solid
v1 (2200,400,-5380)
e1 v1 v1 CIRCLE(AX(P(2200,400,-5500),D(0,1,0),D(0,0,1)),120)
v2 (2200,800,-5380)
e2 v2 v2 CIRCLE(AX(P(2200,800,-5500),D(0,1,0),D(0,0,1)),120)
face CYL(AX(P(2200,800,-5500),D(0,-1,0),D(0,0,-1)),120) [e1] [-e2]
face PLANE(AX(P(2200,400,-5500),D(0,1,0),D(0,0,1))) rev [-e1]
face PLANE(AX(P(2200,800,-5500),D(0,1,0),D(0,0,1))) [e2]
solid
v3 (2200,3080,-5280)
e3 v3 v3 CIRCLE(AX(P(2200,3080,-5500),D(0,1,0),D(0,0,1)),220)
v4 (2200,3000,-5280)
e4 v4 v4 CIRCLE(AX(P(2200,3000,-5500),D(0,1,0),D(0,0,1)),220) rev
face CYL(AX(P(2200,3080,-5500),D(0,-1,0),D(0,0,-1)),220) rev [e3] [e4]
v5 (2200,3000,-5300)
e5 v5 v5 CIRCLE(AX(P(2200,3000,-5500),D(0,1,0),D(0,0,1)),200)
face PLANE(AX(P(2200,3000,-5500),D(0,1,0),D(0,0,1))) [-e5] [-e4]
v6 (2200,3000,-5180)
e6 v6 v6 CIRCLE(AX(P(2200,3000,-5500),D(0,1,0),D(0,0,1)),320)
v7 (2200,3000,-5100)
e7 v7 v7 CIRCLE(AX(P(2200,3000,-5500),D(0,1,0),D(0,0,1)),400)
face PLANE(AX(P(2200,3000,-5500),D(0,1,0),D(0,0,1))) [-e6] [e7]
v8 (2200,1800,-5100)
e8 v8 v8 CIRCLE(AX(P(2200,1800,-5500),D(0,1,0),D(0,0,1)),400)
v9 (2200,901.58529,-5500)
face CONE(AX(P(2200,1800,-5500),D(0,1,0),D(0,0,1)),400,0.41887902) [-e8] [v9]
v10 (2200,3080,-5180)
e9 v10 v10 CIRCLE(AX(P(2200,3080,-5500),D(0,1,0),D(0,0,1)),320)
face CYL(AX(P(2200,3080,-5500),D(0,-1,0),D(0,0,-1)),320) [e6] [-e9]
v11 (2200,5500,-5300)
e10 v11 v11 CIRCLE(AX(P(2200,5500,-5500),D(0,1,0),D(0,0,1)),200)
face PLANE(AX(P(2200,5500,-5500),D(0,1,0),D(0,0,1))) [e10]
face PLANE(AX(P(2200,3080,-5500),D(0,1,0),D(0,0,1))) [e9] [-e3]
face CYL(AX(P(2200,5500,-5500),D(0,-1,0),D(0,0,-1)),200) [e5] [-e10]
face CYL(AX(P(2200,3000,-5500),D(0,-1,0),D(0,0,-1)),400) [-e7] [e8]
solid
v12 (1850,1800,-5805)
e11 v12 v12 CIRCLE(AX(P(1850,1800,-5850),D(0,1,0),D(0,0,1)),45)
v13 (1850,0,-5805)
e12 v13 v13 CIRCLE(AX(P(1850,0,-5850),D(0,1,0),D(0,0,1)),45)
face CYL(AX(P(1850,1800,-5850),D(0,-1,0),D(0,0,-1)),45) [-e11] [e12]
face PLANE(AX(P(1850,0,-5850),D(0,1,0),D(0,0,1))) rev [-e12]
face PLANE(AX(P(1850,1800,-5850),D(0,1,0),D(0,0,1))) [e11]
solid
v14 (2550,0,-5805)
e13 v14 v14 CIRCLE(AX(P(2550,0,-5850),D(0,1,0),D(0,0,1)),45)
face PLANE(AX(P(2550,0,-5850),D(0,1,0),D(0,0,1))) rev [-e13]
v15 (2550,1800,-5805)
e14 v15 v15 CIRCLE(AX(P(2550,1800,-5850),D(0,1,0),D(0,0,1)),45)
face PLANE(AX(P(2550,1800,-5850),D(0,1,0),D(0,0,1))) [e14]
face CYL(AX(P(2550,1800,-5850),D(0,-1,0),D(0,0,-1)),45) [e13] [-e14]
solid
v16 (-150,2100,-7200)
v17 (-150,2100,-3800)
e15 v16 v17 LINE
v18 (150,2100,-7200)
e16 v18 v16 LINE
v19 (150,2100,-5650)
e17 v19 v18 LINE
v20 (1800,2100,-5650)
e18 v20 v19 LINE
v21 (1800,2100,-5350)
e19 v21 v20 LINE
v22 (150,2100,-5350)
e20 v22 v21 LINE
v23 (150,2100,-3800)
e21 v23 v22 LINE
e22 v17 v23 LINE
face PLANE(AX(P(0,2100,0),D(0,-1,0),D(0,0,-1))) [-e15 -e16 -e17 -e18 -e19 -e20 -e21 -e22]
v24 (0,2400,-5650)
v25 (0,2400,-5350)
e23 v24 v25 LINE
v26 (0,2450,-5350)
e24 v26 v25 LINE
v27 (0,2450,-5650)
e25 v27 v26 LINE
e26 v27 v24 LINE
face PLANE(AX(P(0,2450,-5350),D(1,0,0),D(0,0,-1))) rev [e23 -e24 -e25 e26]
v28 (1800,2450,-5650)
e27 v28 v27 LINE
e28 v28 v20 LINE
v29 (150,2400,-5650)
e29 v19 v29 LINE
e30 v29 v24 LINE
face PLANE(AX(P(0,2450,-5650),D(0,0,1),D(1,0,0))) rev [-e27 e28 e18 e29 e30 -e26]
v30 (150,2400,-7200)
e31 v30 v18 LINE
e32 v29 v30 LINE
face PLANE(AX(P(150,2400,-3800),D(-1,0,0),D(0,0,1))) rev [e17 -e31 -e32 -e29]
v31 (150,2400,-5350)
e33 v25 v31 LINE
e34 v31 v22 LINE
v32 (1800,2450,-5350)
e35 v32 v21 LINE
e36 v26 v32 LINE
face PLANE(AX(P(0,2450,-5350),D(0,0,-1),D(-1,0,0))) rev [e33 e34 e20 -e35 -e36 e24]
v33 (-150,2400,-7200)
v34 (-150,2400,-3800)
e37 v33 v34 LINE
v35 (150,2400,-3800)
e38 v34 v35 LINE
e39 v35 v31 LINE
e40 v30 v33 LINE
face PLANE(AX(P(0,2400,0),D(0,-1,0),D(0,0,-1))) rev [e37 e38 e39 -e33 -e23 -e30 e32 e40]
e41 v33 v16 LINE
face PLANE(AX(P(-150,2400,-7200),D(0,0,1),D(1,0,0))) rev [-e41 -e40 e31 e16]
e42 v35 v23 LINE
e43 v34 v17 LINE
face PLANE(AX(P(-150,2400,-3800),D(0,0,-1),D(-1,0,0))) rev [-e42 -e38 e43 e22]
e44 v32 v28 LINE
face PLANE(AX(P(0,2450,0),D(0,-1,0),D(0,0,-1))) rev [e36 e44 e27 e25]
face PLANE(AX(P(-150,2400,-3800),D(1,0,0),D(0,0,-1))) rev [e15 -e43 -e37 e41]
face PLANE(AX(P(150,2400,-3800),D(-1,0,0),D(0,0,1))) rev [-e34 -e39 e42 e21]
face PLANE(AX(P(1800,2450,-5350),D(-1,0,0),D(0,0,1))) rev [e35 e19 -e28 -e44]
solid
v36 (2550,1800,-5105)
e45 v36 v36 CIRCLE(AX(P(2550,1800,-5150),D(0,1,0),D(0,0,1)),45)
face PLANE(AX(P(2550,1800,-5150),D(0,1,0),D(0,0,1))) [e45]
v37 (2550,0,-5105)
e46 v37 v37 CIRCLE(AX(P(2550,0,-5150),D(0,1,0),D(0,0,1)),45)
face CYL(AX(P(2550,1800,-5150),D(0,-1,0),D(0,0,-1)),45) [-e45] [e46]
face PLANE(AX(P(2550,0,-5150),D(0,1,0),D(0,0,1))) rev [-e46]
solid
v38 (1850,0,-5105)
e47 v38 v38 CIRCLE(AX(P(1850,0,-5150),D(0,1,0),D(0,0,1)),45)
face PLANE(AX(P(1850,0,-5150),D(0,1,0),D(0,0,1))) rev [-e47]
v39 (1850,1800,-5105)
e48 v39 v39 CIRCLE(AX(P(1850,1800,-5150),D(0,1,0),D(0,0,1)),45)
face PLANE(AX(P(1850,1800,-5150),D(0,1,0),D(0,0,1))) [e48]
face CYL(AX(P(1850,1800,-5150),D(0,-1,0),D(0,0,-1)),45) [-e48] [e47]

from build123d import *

# Parameters (mm, degrees)
SKETCH1_R            = 45
BOSS_EXTRUDE1_DEPTH  = 1800
SKETCH2_R            = 45
BOSS_EXTRUDE2_DEPTH  = 1800
SKETCH3_R            = 45
BOSS_EXTRUDE3_DEPTH  = 1800
SKETCH4_R            = 45
BOSS_EXTRUDE4_DEPTH  = 1800
BOSS_EXTRUDE5_START  = 400
SKETCH5_R            = 120
BOSS_EXTRUDE5_DEPTH  = 400
BOSS_EXTRUDE7_START  = 1800
SKETCH7_R            = 400
BOSS_EXTRUDE7_DEPTH  = 1200
BOSS_EXTRUDE8_START  = 3000
SKETCH8_R            = 200
BOSS_EXTRUDE8_DEPTH  = 2500
BOSS_EXTRUDE9_START  = 3000
SKETCH9_R            = 320
SKETCH9_R_2          = 220
BOSS_EXTRUDE9_DEPTH  = 80
BOSS_EXTRUDE10_START = 2100
SKETCH10_W           = 300
SKETCH10_H           = 3400
BOSS_EXTRUDE10_DEPTH = 300
BOSS_EXTRUDE11_START = 2100
SKETCH11_W           = 1800
SKETCH11_H           = 300
BOSS_EXTRUDE11_DEPTH = 350


with BuildPart() as part:
    # Sketch1 → Boss-Extrude1 (new body)
    with BuildSketch(Plane(origin=(0, 0, 0), x_dir=(1, 0, 0), z_dir=(0, 1, 0))):
        with Locations(Location((1850, 5150, 0), (0, 0, 270))):
            Circle(SKETCH1_R)
    extrude(amount=BOSS_EXTRUDE1_DEPTH)


with BuildPart() as body_2:
    # Sketch2 → Boss-Extrude2 (new body)
    with BuildSketch(Plane(origin=(0, 0, 0), x_dir=(1, 0, 0), z_dir=(0, 1, 0))):
        with Locations(Location((2550, 5150, 0), (0, 0, 270))):
            Circle(SKETCH2_R)
    extrude(amount=BOSS_EXTRUDE2_DEPTH)


with BuildPart() as body_3:
    # Sketch3 → Boss-Extrude3 (new body)
    with BuildSketch(Plane(origin=(0, 0, 0), x_dir=(1, 0, 0), z_dir=(0, 1, 0))):
        with Locations(Location((1850, 5850, 0), (0, 0, 270))):
            Circle(SKETCH3_R)
    extrude(amount=BOSS_EXTRUDE3_DEPTH)


with BuildPart() as body_4:
    # Sketch4 → Boss-Extrude4 (new body)
    with BuildSketch(Plane(origin=(0, 0, 0), x_dir=(1, 0, 0), z_dir=(0, 1, 0))):
        with Locations(Location((2550, 5850, 0), (0, 0, 270))):
            Circle(SKETCH4_R)
    extrude(amount=BOSS_EXTRUDE4_DEPTH)


with BuildPart() as body_5:
    # Sketch5 → Boss-Extrude5 (new body)
    with BuildSketch(Plane(origin=(0, 0, 0), x_dir=(1, 0, 0), z_dir=(0, 1, 0)).offset(BOSS_EXTRUDE5_START)):
        with Locations(Location((2200, 5500, 0), (0, 0, 270))):
            Circle(SKETCH5_R)
    extrude(amount=BOSS_EXTRUDE5_DEPTH)


with BuildPart() as body_6:
    # Boss-Extrude6 cone 1 section (through the dimple's axis) → Boss-Extrude6 (revolve)
    with BuildSketch(Plane(origin=(2200, 1800, -5500), x_dir=(0, 0, 1), z_dir=(1, 0, 0))):
        Polygon((0, 0), (400, 0), (0, 898.414709562), align=None)
    revolve(axis=Axis((2200, 1800, -5500), (0, -1, 0)))

    # Sketch7 → Boss-Extrude7 (add)
    with BuildSketch(Plane(origin=(0, 0, 0), x_dir=(1, 0, 0), z_dir=(0, 1, 0)).offset(BOSS_EXTRUDE7_START)):
        with Locations(Location((2200, 5500, 0), (0, 0, 270))):
            Circle(SKETCH7_R)
    extrude(amount=BOSS_EXTRUDE7_DEPTH)

    # Sketch8 → Boss-Extrude8 (add)
    with BuildSketch(Plane(origin=(0, 0, 0), x_dir=(1, 0, 0), z_dir=(0, 1, 0)).offset(BOSS_EXTRUDE8_START)):
        with Locations(Location((2200, 5500, 0), (0, 0, 270))):
            Circle(SKETCH8_R)
    extrude(amount=BOSS_EXTRUDE8_DEPTH)

    # Sketch9 → Boss-Extrude9 (add)
    with BuildSketch(Plane(origin=(0, 0, 0), x_dir=(1, 0, 0), z_dir=(0, 1, 0)).offset(BOSS_EXTRUDE9_START)):
        with Locations(Location((2200, 5500, 0), (0, 0, 270))):
            Circle(SKETCH9_R)
        with Locations(Location((2200, 5500, 0), (0, 0, 270))):
            Circle(SKETCH9_R_2, mode=Mode.SUBTRACT)
    extrude(amount=BOSS_EXTRUDE9_DEPTH)


with BuildPart() as body_7:
    # Sketch10 → Boss-Extrude10 (new body)
    with BuildSketch(Plane(origin=(0, 0, 0), x_dir=(1, 0, 0), z_dir=(0, 1, 0)).offset(BOSS_EXTRUDE10_START)):
        with Locations((0, 5500)):
            Rectangle(SKETCH10_W, SKETCH10_H)
    extrude(amount=BOSS_EXTRUDE10_DEPTH)

    # Sketch11 → Boss-Extrude11 (add)
    with BuildSketch(Plane(origin=(0, 0, 0), x_dir=(1, 0, 0), z_dir=(0, 1, 0)).offset(BOSS_EXTRUDE11_START)):
        with Locations((900, 5500)):
            Rectangle(SKETCH11_W, SKETCH11_H)
    extrude(amount=BOSS_EXTRUDE11_DEPTH)


solid = Compound([part.part, body_2.part, body_3.part, body_4.part, body_5.part, body_6.part, body_7.part])
